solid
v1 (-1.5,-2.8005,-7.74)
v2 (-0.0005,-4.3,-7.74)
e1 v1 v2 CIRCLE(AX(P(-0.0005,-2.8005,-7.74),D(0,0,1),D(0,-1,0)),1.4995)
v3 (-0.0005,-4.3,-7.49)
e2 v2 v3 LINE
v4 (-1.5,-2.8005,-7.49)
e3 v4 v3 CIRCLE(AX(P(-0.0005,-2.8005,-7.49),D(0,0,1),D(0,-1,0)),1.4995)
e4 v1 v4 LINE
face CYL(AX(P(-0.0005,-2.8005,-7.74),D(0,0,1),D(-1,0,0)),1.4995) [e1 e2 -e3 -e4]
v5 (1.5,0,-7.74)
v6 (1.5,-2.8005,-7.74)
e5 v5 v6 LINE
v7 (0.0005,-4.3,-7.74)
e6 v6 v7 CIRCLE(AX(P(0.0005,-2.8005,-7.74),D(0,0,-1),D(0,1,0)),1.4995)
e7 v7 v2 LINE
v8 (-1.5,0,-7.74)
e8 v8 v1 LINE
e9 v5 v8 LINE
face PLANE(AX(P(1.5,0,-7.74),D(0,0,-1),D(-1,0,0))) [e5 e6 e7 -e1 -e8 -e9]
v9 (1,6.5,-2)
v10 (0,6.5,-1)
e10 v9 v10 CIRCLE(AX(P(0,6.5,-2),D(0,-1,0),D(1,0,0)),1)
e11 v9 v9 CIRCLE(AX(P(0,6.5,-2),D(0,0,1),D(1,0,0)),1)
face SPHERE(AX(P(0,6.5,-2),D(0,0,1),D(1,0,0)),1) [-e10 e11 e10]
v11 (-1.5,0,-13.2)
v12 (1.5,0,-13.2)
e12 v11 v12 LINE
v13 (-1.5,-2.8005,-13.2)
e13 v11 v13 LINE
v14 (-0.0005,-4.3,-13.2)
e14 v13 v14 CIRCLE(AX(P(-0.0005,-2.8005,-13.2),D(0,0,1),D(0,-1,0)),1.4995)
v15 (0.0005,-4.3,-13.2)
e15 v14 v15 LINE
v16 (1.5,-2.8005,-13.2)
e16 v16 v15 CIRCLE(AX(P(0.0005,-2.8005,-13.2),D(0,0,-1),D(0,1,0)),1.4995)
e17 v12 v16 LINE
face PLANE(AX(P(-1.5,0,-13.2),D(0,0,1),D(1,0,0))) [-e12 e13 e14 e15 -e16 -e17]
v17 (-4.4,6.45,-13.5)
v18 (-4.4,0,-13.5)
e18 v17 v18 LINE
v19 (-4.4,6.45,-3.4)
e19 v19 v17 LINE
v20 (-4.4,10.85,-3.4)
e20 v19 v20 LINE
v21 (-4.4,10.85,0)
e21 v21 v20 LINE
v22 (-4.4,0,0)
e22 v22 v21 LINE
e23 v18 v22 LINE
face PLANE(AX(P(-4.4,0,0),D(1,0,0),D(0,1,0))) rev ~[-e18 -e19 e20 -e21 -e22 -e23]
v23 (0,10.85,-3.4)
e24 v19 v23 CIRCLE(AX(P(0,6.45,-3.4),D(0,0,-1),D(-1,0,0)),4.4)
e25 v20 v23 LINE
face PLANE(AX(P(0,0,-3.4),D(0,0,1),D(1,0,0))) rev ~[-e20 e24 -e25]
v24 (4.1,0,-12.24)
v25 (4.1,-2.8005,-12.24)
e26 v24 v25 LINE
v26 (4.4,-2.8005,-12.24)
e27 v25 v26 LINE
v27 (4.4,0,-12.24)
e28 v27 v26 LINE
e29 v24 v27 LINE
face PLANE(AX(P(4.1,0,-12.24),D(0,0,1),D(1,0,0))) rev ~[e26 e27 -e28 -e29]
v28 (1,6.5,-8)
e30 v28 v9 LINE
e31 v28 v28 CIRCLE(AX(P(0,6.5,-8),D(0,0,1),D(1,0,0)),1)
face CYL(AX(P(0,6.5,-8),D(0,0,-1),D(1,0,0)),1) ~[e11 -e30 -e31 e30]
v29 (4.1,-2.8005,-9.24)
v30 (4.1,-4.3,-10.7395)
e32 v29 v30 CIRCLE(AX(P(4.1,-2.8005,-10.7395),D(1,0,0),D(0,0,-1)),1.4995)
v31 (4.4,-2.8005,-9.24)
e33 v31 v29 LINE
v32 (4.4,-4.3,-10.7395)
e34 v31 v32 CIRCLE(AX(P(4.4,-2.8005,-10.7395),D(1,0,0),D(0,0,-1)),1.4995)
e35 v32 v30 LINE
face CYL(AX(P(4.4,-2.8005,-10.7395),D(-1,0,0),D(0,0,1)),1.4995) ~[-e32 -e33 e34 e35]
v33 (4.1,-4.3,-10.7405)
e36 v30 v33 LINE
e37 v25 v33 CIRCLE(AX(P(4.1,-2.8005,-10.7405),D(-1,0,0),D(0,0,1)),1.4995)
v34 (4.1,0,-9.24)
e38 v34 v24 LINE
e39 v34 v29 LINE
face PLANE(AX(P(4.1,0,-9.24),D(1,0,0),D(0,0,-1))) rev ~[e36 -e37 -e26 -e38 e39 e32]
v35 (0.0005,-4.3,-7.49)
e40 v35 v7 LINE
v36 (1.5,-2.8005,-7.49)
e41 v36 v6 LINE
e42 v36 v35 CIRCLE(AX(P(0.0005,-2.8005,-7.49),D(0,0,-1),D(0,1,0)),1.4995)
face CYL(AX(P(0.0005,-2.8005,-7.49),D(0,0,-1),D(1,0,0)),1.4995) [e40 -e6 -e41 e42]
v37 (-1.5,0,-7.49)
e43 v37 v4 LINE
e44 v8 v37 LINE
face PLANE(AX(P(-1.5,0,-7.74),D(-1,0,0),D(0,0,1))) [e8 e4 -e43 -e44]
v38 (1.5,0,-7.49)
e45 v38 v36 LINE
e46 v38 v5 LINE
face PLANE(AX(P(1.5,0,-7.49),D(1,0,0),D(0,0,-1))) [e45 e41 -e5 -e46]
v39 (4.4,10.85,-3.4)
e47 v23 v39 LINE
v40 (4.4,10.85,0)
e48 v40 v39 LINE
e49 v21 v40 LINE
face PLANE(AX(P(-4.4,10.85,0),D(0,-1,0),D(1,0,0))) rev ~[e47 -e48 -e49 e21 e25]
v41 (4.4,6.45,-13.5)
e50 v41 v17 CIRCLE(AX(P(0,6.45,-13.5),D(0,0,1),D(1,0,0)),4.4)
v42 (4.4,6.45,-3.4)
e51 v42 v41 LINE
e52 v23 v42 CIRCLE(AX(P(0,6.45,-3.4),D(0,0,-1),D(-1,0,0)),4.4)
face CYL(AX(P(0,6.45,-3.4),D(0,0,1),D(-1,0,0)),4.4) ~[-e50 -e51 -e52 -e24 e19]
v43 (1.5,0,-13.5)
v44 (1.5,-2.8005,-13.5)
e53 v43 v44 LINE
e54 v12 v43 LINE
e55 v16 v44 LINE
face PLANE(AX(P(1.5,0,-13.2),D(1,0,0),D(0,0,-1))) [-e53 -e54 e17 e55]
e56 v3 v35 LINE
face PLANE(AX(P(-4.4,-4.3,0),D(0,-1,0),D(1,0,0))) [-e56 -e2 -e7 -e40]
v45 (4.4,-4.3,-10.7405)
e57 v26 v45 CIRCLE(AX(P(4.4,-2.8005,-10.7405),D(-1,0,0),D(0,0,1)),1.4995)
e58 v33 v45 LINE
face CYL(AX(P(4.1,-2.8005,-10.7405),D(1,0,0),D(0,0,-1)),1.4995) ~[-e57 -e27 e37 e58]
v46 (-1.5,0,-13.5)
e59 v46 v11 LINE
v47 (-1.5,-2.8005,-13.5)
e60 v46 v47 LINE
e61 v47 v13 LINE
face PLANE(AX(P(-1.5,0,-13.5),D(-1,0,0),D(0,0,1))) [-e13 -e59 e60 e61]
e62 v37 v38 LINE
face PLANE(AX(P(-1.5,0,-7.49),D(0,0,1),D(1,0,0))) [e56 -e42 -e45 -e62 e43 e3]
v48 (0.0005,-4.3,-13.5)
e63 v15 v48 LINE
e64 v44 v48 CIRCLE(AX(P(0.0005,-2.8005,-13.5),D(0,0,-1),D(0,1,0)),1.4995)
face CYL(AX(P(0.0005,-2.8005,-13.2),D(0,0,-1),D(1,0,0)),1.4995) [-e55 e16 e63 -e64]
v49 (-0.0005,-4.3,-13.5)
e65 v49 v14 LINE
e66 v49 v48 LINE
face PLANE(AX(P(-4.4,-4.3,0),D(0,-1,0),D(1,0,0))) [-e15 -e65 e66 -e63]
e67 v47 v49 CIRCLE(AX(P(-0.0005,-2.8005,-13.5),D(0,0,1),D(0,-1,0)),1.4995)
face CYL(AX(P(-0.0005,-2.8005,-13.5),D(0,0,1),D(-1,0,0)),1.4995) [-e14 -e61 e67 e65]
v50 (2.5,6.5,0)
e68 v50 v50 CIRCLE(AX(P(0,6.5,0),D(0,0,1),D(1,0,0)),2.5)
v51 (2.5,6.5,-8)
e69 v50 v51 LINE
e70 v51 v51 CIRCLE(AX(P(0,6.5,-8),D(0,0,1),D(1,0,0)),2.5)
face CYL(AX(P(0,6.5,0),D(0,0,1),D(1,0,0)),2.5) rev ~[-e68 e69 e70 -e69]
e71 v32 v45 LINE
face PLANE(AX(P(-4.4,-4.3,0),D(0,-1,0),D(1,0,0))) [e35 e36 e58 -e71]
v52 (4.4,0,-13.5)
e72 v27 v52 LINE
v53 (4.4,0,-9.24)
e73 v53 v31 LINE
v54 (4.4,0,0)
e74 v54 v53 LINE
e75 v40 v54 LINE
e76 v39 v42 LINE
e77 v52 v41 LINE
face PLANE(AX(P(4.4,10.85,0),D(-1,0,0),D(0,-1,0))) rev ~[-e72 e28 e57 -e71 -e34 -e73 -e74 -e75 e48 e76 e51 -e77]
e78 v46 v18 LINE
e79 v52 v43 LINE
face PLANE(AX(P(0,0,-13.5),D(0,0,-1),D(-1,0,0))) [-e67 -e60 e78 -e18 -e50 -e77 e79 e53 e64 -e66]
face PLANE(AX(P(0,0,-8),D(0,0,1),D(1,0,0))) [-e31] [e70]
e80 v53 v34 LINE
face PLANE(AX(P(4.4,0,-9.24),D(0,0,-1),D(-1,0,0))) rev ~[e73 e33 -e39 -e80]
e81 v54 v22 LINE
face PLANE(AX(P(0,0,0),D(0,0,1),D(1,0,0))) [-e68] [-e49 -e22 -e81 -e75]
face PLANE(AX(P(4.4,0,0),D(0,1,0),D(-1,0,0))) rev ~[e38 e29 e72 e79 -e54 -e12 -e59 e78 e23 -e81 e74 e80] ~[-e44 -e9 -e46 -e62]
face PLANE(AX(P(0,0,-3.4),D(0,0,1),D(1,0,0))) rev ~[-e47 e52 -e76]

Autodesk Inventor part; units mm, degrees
ref_plane "YZ Plane" through (0, 0, 0) normal (1, 0, 0) x (0, 1, 0)
ref_plane "XZ Plane" through (0, 0, 0) normal (0, 1, 0) x (-1, 0, 0)
ref_plane "XY Plane" through (0, 0, 0) normal (0, 0, 1) x (1, 0, 0)
sketch "Sketch1" plane through (0, 0, 0) normal (0, 0, 1) x (1, 0, 0)
  line L0 (-4.4, 10.85) -> (4.4, 10.85)
  line L1 (4.4, 10.85) -> (4.4, 0)
  line L2 (4.4, 0) -> (-4.4, 0)
  line L3 (-4.4, 0) -> (-4.4, 10.85)
  point P0 (0, 0)
  dimension "d0" = 8.8
  dimension "d1" = 4.4
  dimension "d2" = 0
  dimension "d3" = 10.85
extrude "Extrusion1" add sketch "Sketch1" against normal blind 3.4
sketch "Sketch2" plane through (0, 0, -3.4) normal (0, 0, -1) x (-1, 0, 0)
  line L0 (-4.4, 10.85) -> (-4.4, 0) projected
  line L1 (-4.4, 6.45) -> (-4.4, 5.425)
  line L2 (4.4, 10.85) -> (-4.4, 10.85) projected
  line L3 (4.4, 0) -> (4.4, 10.85) projected
  line L4 (4.4, 6.45) -> (4.4, 4.887)
  arc A0 (4.4, 6.45) -> (-4.4, 6.45) centre (0, 6.45) ccw
  line L5 (-4.4, 0) -> (4.4, 0) projected
  line L6 (-4.4, 5.425) -> (-4.4, 0)
  line L7 (-4.4, 0) -> (4.4, 0)
  line L8 (4.4, 0) -> (4.4, 4.887)
  point P0 (0, 0)
extrude "Extrusion2" add sketch "Sketch2" along normal blind 10.1 contours A0 L3 L5 L0
sketch "Sketch3" plane through (0, 0, 0) normal (0, 0, 1) x (1, 0, 0)
  circle A0 centre (0, 6.5) radius 2.5
  line L0 (-4.4, 10.85) -> (4.4, 10.85) projected
  point P0 (0, 0)
  dimension "d8" = 4.35
  dimension "d9" = 5
extrude "Extrusion3" cut sketch "Sketch3" against normal blind 8
sketch "Sketch4" plane through (-4.4, 0, 0) normal (0, -1, 0) x (1, 0, 0)
  line L0 (8.8, -3.4) -> (8.8, -13.5) projected
  line L1 (8.8, -9.6102) -> (8.8, -6.6102)
  line L2 (0, -13.5) -> (8.8, -13.5) projected
  line L3 (5.9, -13.5) -> (2.9, -13.5)
  line L4 (2.9, -13.5) -> (2.9, -13.2)
  line L5 (2.9, -13.2) -> (5.9, -13.2)
  line L6 (5.9, -13.2) -> (5.9, -13.5)
  line L7 (8.5, -12.24) -> (8.8, -12.24)
  line L8 (8.8, -12.24) -> (8.8, -9.24)
  line L9 (8.8, -9.24) -> (8.5, -9.24)
  line L10 (8.5, -9.24) -> (8.5, -12.24)
  line L11 (2.9, -7.49) -> (5.9, -7.49)
  line L12 (5.9, -7.49) -> (5.9, -7.74)
  line L13 (5.9, -7.74) -> (2.9, -7.74)
  line L14 (2.9, -7.74) -> (2.9, -7.49)
  line L15 (8.8, 0) -> (0, 0) projected
  point P0 (4.4, 0)
  dimension "d12" = 3
  dimension "d14" = 3
  dimension "d15" = 1.5
  dimension "d16" = 3
  dimension "d17" = 1.5
  dimension "d18" = 0.3
  dimension "d19" = 0.25
  dimension "d20" = 0.3
  dimension "d22" = 9.24
  dimension "d24" = 7.49
  dimension "d28" = 0
extrude "Extrusion4" add sketch "Sketch4" along normal blind 4.3
fillet "Fillet1" radius 1.5 6 edges at (4.25, -4.3, -9.24) (4.25, -4.3, -12.24) (-1.5, -4.3, -7.615) (1.5, -4.3, -7.615) (-1.5, -4.3, -13.35) (1.5, -4.3, -13.35)
sketch "Sketch5" plane through (0, 6.5, -8) normal (0, 0, 1) x (1, 0, 0)
  circle A0 centre (0, 0) radius 1
  point P0 (0, -6.5)
  dimension "d29" = 2
extrude "Extrusion5" add sketch "Sketch5" along normal blind 7
fillet "Fillet2" radius 1 1 edges at (-1, 6.5, -1)
properties part number "5mm_BarrelJack"
